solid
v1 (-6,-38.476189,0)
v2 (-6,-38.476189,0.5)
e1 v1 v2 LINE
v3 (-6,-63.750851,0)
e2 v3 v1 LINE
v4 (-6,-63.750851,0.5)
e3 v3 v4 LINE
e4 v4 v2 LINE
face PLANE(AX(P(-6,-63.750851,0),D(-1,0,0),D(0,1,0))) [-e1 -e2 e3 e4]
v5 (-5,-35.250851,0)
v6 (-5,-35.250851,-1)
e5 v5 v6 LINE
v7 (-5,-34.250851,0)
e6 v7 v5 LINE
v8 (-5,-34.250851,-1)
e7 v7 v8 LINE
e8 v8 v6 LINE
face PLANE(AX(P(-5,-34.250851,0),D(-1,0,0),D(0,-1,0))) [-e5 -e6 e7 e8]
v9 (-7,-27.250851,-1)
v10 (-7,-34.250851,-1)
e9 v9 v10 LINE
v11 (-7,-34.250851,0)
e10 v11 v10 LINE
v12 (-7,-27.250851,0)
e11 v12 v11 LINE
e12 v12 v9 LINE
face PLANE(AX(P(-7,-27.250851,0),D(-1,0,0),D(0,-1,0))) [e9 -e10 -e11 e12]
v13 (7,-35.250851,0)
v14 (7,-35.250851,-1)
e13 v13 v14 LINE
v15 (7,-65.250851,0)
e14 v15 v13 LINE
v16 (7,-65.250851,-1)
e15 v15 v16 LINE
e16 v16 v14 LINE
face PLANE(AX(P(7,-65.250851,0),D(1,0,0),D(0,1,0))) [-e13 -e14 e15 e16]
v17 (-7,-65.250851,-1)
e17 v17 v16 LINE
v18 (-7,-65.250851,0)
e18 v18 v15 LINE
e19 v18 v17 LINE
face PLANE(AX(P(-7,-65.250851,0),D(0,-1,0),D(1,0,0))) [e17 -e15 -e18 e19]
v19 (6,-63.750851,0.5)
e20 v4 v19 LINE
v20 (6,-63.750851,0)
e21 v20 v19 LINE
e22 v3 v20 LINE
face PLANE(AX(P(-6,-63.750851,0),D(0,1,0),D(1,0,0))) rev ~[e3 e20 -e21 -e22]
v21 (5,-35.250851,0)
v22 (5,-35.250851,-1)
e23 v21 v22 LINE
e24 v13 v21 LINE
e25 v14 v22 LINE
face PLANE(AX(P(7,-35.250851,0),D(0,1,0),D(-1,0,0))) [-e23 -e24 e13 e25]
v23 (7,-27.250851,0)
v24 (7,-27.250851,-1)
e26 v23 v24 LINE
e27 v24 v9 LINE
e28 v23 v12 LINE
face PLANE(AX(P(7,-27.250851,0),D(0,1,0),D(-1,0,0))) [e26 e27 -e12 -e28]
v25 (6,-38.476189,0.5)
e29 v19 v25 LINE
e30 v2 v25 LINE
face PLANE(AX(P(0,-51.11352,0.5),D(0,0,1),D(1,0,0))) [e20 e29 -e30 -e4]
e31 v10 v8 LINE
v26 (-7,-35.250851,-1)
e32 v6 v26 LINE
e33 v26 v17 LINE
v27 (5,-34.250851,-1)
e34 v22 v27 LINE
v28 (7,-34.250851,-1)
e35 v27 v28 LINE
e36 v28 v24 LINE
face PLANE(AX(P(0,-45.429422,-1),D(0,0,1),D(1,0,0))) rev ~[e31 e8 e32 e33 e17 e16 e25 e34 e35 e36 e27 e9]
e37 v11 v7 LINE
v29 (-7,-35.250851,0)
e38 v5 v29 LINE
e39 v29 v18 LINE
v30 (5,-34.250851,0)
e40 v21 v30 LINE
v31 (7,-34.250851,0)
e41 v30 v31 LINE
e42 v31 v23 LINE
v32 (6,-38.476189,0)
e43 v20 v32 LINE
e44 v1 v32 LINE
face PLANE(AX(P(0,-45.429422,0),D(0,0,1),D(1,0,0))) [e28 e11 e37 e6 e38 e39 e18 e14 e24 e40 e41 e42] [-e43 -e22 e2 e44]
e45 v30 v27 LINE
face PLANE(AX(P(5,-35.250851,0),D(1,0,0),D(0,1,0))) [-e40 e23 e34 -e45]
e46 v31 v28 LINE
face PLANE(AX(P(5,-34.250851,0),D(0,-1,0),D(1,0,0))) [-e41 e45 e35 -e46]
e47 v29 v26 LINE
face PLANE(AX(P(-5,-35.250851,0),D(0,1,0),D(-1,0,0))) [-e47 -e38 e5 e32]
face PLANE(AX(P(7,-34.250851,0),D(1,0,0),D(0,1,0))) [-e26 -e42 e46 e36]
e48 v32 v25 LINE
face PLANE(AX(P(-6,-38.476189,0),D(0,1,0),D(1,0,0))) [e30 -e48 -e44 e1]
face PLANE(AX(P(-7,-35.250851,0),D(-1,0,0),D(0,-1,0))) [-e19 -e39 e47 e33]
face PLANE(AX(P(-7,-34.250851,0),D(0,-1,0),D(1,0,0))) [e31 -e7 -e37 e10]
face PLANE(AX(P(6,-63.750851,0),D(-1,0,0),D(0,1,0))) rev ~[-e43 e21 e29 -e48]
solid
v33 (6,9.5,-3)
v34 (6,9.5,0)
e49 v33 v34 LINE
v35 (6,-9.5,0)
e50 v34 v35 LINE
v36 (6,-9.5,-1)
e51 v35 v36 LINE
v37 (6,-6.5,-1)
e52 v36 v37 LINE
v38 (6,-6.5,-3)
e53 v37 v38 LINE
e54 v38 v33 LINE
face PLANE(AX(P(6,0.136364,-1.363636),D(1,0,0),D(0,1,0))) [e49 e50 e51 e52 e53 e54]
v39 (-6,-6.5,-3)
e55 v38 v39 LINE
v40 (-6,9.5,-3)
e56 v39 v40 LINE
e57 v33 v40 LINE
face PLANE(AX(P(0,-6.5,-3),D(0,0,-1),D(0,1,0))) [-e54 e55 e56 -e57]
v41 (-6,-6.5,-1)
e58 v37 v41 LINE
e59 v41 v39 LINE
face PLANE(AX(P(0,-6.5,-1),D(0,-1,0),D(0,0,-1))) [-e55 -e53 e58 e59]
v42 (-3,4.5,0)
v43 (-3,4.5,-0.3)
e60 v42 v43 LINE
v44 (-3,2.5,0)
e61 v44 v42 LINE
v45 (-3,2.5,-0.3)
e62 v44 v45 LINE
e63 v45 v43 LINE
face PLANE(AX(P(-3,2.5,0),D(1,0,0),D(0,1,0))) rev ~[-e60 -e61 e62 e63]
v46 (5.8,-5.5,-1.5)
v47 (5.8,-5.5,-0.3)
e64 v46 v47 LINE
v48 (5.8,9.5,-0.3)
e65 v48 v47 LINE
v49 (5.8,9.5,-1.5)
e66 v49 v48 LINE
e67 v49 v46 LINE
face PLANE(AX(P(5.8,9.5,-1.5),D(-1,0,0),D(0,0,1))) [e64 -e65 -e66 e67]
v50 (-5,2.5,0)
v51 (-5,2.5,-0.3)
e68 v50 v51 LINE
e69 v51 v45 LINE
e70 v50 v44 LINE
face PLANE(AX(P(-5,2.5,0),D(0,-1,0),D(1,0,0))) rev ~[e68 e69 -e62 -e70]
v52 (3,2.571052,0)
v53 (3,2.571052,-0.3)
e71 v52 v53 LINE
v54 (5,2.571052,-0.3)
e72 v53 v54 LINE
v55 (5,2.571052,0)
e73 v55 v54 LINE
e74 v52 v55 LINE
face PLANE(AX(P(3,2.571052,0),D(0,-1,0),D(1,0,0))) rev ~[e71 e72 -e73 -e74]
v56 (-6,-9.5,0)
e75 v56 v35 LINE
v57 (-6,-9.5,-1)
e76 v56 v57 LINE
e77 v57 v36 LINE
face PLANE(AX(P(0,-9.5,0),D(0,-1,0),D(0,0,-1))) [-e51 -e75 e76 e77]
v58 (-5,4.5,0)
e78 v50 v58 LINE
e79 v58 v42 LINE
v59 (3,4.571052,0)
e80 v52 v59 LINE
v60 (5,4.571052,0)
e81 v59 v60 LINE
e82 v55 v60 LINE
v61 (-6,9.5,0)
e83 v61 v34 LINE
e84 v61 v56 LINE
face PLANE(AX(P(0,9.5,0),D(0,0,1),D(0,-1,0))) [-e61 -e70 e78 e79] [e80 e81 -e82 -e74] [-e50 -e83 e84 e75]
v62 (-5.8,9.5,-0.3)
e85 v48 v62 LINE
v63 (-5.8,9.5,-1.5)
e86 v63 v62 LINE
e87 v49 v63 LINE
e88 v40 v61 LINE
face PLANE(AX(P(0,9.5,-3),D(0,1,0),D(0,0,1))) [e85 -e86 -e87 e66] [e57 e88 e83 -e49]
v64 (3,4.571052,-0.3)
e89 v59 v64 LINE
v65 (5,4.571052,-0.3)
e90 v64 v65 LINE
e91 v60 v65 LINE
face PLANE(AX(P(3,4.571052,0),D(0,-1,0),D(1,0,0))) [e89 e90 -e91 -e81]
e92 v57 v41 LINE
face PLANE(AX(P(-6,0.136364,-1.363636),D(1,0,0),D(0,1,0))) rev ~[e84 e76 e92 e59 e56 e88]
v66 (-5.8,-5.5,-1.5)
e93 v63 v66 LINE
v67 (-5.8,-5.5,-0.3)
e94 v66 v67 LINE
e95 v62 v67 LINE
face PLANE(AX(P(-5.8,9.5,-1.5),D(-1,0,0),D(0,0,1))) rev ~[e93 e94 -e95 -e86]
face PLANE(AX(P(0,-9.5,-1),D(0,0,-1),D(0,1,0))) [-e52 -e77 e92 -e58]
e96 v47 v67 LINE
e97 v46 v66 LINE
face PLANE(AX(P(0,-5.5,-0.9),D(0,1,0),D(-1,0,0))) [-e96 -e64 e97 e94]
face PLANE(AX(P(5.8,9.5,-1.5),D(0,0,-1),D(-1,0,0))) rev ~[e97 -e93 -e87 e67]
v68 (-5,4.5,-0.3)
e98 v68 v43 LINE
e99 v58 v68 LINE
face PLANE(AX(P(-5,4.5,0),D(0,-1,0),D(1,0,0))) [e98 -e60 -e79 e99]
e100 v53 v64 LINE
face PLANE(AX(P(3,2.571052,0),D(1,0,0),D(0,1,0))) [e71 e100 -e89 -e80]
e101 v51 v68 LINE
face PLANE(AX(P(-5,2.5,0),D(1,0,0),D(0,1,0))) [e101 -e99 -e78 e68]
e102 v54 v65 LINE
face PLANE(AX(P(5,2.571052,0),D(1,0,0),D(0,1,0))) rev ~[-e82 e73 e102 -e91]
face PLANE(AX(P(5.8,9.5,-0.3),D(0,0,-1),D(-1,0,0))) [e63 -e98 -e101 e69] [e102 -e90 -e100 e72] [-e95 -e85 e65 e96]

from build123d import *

# Parameters (mm, degrees)
F2_DEPTH  = 6
F4_DEPTH  = 1
F6_W      = 2
F6_H      = 2
F7_DEPTH  = 1
F9_W      = 11.6
F9_H      = 1.2
F10_DEPTH = 15
F12_W     = 12
F12_H     = 25.2746624606
F13_DEPTH = 0.5


with BuildPart() as f2:
    # F1 (on Right) → F2 (new body, symmetric)
    with BuildSketch(Plane.YZ):
        Polygon((9.5, -3), (9.5, 0), (-9.5, 0), (-9.5, -1), (-6.5, -1), (-6.5, -3), align=None)
    extrude(amount=F2_DEPTH, both=True)

    # F6 (on offset) → F7 (cut)
    with BuildSketch(Plane.XY):
        with Locations((-4, 3.5)):
            Rectangle(F6_W, F6_H)
        with Locations((4, 3.5710524619)):
            Rectangle(F6_W, F6_H)
    extrude(amount=-F7_DEPTH, mode=Mode.SUBTRACT)

    # F9 (on offset) → F10 (cut)
    with BuildSketch(Plane(origin=(0, 9.5, 0), x_dir=(-1, 0, 0), z_dir=(0, 1, 0))):
        with Locations((0, -0.9)):
            Rectangle(F9_W, F9_H)
    extrude(amount=-F10_DEPTH, mode=Mode.SUBTRACT)


with BuildPart() as f4:
    # F3 (on Top) → F4 (new body)
    with BuildSketch(Plane.XY):
        Polygon((7, -27.2508510042), (-7, -27.2508510042), (-7, -34.2508510042), (-5, -34.2508510042), (-5, -35.2508510042), (-7, -35.2508510042), (-7, -65.2508510042), (7, -65.2508510042), (7, -35.2508510042), (5, -35.2508510042), (5, -34.2508510042), (7, -34.2508510042), align=None)
    extrude(amount=-F4_DEPTH)

    # F12 (on offset) → F13 (join)
    with BuildSketch(Plane.XY):
        with Locations((0, -51.113519774)):
            Rectangle(F12_W, F12_H)
    extrude(amount=F13_DEPTH)


solid = Compound([f2.part, f4.part])
